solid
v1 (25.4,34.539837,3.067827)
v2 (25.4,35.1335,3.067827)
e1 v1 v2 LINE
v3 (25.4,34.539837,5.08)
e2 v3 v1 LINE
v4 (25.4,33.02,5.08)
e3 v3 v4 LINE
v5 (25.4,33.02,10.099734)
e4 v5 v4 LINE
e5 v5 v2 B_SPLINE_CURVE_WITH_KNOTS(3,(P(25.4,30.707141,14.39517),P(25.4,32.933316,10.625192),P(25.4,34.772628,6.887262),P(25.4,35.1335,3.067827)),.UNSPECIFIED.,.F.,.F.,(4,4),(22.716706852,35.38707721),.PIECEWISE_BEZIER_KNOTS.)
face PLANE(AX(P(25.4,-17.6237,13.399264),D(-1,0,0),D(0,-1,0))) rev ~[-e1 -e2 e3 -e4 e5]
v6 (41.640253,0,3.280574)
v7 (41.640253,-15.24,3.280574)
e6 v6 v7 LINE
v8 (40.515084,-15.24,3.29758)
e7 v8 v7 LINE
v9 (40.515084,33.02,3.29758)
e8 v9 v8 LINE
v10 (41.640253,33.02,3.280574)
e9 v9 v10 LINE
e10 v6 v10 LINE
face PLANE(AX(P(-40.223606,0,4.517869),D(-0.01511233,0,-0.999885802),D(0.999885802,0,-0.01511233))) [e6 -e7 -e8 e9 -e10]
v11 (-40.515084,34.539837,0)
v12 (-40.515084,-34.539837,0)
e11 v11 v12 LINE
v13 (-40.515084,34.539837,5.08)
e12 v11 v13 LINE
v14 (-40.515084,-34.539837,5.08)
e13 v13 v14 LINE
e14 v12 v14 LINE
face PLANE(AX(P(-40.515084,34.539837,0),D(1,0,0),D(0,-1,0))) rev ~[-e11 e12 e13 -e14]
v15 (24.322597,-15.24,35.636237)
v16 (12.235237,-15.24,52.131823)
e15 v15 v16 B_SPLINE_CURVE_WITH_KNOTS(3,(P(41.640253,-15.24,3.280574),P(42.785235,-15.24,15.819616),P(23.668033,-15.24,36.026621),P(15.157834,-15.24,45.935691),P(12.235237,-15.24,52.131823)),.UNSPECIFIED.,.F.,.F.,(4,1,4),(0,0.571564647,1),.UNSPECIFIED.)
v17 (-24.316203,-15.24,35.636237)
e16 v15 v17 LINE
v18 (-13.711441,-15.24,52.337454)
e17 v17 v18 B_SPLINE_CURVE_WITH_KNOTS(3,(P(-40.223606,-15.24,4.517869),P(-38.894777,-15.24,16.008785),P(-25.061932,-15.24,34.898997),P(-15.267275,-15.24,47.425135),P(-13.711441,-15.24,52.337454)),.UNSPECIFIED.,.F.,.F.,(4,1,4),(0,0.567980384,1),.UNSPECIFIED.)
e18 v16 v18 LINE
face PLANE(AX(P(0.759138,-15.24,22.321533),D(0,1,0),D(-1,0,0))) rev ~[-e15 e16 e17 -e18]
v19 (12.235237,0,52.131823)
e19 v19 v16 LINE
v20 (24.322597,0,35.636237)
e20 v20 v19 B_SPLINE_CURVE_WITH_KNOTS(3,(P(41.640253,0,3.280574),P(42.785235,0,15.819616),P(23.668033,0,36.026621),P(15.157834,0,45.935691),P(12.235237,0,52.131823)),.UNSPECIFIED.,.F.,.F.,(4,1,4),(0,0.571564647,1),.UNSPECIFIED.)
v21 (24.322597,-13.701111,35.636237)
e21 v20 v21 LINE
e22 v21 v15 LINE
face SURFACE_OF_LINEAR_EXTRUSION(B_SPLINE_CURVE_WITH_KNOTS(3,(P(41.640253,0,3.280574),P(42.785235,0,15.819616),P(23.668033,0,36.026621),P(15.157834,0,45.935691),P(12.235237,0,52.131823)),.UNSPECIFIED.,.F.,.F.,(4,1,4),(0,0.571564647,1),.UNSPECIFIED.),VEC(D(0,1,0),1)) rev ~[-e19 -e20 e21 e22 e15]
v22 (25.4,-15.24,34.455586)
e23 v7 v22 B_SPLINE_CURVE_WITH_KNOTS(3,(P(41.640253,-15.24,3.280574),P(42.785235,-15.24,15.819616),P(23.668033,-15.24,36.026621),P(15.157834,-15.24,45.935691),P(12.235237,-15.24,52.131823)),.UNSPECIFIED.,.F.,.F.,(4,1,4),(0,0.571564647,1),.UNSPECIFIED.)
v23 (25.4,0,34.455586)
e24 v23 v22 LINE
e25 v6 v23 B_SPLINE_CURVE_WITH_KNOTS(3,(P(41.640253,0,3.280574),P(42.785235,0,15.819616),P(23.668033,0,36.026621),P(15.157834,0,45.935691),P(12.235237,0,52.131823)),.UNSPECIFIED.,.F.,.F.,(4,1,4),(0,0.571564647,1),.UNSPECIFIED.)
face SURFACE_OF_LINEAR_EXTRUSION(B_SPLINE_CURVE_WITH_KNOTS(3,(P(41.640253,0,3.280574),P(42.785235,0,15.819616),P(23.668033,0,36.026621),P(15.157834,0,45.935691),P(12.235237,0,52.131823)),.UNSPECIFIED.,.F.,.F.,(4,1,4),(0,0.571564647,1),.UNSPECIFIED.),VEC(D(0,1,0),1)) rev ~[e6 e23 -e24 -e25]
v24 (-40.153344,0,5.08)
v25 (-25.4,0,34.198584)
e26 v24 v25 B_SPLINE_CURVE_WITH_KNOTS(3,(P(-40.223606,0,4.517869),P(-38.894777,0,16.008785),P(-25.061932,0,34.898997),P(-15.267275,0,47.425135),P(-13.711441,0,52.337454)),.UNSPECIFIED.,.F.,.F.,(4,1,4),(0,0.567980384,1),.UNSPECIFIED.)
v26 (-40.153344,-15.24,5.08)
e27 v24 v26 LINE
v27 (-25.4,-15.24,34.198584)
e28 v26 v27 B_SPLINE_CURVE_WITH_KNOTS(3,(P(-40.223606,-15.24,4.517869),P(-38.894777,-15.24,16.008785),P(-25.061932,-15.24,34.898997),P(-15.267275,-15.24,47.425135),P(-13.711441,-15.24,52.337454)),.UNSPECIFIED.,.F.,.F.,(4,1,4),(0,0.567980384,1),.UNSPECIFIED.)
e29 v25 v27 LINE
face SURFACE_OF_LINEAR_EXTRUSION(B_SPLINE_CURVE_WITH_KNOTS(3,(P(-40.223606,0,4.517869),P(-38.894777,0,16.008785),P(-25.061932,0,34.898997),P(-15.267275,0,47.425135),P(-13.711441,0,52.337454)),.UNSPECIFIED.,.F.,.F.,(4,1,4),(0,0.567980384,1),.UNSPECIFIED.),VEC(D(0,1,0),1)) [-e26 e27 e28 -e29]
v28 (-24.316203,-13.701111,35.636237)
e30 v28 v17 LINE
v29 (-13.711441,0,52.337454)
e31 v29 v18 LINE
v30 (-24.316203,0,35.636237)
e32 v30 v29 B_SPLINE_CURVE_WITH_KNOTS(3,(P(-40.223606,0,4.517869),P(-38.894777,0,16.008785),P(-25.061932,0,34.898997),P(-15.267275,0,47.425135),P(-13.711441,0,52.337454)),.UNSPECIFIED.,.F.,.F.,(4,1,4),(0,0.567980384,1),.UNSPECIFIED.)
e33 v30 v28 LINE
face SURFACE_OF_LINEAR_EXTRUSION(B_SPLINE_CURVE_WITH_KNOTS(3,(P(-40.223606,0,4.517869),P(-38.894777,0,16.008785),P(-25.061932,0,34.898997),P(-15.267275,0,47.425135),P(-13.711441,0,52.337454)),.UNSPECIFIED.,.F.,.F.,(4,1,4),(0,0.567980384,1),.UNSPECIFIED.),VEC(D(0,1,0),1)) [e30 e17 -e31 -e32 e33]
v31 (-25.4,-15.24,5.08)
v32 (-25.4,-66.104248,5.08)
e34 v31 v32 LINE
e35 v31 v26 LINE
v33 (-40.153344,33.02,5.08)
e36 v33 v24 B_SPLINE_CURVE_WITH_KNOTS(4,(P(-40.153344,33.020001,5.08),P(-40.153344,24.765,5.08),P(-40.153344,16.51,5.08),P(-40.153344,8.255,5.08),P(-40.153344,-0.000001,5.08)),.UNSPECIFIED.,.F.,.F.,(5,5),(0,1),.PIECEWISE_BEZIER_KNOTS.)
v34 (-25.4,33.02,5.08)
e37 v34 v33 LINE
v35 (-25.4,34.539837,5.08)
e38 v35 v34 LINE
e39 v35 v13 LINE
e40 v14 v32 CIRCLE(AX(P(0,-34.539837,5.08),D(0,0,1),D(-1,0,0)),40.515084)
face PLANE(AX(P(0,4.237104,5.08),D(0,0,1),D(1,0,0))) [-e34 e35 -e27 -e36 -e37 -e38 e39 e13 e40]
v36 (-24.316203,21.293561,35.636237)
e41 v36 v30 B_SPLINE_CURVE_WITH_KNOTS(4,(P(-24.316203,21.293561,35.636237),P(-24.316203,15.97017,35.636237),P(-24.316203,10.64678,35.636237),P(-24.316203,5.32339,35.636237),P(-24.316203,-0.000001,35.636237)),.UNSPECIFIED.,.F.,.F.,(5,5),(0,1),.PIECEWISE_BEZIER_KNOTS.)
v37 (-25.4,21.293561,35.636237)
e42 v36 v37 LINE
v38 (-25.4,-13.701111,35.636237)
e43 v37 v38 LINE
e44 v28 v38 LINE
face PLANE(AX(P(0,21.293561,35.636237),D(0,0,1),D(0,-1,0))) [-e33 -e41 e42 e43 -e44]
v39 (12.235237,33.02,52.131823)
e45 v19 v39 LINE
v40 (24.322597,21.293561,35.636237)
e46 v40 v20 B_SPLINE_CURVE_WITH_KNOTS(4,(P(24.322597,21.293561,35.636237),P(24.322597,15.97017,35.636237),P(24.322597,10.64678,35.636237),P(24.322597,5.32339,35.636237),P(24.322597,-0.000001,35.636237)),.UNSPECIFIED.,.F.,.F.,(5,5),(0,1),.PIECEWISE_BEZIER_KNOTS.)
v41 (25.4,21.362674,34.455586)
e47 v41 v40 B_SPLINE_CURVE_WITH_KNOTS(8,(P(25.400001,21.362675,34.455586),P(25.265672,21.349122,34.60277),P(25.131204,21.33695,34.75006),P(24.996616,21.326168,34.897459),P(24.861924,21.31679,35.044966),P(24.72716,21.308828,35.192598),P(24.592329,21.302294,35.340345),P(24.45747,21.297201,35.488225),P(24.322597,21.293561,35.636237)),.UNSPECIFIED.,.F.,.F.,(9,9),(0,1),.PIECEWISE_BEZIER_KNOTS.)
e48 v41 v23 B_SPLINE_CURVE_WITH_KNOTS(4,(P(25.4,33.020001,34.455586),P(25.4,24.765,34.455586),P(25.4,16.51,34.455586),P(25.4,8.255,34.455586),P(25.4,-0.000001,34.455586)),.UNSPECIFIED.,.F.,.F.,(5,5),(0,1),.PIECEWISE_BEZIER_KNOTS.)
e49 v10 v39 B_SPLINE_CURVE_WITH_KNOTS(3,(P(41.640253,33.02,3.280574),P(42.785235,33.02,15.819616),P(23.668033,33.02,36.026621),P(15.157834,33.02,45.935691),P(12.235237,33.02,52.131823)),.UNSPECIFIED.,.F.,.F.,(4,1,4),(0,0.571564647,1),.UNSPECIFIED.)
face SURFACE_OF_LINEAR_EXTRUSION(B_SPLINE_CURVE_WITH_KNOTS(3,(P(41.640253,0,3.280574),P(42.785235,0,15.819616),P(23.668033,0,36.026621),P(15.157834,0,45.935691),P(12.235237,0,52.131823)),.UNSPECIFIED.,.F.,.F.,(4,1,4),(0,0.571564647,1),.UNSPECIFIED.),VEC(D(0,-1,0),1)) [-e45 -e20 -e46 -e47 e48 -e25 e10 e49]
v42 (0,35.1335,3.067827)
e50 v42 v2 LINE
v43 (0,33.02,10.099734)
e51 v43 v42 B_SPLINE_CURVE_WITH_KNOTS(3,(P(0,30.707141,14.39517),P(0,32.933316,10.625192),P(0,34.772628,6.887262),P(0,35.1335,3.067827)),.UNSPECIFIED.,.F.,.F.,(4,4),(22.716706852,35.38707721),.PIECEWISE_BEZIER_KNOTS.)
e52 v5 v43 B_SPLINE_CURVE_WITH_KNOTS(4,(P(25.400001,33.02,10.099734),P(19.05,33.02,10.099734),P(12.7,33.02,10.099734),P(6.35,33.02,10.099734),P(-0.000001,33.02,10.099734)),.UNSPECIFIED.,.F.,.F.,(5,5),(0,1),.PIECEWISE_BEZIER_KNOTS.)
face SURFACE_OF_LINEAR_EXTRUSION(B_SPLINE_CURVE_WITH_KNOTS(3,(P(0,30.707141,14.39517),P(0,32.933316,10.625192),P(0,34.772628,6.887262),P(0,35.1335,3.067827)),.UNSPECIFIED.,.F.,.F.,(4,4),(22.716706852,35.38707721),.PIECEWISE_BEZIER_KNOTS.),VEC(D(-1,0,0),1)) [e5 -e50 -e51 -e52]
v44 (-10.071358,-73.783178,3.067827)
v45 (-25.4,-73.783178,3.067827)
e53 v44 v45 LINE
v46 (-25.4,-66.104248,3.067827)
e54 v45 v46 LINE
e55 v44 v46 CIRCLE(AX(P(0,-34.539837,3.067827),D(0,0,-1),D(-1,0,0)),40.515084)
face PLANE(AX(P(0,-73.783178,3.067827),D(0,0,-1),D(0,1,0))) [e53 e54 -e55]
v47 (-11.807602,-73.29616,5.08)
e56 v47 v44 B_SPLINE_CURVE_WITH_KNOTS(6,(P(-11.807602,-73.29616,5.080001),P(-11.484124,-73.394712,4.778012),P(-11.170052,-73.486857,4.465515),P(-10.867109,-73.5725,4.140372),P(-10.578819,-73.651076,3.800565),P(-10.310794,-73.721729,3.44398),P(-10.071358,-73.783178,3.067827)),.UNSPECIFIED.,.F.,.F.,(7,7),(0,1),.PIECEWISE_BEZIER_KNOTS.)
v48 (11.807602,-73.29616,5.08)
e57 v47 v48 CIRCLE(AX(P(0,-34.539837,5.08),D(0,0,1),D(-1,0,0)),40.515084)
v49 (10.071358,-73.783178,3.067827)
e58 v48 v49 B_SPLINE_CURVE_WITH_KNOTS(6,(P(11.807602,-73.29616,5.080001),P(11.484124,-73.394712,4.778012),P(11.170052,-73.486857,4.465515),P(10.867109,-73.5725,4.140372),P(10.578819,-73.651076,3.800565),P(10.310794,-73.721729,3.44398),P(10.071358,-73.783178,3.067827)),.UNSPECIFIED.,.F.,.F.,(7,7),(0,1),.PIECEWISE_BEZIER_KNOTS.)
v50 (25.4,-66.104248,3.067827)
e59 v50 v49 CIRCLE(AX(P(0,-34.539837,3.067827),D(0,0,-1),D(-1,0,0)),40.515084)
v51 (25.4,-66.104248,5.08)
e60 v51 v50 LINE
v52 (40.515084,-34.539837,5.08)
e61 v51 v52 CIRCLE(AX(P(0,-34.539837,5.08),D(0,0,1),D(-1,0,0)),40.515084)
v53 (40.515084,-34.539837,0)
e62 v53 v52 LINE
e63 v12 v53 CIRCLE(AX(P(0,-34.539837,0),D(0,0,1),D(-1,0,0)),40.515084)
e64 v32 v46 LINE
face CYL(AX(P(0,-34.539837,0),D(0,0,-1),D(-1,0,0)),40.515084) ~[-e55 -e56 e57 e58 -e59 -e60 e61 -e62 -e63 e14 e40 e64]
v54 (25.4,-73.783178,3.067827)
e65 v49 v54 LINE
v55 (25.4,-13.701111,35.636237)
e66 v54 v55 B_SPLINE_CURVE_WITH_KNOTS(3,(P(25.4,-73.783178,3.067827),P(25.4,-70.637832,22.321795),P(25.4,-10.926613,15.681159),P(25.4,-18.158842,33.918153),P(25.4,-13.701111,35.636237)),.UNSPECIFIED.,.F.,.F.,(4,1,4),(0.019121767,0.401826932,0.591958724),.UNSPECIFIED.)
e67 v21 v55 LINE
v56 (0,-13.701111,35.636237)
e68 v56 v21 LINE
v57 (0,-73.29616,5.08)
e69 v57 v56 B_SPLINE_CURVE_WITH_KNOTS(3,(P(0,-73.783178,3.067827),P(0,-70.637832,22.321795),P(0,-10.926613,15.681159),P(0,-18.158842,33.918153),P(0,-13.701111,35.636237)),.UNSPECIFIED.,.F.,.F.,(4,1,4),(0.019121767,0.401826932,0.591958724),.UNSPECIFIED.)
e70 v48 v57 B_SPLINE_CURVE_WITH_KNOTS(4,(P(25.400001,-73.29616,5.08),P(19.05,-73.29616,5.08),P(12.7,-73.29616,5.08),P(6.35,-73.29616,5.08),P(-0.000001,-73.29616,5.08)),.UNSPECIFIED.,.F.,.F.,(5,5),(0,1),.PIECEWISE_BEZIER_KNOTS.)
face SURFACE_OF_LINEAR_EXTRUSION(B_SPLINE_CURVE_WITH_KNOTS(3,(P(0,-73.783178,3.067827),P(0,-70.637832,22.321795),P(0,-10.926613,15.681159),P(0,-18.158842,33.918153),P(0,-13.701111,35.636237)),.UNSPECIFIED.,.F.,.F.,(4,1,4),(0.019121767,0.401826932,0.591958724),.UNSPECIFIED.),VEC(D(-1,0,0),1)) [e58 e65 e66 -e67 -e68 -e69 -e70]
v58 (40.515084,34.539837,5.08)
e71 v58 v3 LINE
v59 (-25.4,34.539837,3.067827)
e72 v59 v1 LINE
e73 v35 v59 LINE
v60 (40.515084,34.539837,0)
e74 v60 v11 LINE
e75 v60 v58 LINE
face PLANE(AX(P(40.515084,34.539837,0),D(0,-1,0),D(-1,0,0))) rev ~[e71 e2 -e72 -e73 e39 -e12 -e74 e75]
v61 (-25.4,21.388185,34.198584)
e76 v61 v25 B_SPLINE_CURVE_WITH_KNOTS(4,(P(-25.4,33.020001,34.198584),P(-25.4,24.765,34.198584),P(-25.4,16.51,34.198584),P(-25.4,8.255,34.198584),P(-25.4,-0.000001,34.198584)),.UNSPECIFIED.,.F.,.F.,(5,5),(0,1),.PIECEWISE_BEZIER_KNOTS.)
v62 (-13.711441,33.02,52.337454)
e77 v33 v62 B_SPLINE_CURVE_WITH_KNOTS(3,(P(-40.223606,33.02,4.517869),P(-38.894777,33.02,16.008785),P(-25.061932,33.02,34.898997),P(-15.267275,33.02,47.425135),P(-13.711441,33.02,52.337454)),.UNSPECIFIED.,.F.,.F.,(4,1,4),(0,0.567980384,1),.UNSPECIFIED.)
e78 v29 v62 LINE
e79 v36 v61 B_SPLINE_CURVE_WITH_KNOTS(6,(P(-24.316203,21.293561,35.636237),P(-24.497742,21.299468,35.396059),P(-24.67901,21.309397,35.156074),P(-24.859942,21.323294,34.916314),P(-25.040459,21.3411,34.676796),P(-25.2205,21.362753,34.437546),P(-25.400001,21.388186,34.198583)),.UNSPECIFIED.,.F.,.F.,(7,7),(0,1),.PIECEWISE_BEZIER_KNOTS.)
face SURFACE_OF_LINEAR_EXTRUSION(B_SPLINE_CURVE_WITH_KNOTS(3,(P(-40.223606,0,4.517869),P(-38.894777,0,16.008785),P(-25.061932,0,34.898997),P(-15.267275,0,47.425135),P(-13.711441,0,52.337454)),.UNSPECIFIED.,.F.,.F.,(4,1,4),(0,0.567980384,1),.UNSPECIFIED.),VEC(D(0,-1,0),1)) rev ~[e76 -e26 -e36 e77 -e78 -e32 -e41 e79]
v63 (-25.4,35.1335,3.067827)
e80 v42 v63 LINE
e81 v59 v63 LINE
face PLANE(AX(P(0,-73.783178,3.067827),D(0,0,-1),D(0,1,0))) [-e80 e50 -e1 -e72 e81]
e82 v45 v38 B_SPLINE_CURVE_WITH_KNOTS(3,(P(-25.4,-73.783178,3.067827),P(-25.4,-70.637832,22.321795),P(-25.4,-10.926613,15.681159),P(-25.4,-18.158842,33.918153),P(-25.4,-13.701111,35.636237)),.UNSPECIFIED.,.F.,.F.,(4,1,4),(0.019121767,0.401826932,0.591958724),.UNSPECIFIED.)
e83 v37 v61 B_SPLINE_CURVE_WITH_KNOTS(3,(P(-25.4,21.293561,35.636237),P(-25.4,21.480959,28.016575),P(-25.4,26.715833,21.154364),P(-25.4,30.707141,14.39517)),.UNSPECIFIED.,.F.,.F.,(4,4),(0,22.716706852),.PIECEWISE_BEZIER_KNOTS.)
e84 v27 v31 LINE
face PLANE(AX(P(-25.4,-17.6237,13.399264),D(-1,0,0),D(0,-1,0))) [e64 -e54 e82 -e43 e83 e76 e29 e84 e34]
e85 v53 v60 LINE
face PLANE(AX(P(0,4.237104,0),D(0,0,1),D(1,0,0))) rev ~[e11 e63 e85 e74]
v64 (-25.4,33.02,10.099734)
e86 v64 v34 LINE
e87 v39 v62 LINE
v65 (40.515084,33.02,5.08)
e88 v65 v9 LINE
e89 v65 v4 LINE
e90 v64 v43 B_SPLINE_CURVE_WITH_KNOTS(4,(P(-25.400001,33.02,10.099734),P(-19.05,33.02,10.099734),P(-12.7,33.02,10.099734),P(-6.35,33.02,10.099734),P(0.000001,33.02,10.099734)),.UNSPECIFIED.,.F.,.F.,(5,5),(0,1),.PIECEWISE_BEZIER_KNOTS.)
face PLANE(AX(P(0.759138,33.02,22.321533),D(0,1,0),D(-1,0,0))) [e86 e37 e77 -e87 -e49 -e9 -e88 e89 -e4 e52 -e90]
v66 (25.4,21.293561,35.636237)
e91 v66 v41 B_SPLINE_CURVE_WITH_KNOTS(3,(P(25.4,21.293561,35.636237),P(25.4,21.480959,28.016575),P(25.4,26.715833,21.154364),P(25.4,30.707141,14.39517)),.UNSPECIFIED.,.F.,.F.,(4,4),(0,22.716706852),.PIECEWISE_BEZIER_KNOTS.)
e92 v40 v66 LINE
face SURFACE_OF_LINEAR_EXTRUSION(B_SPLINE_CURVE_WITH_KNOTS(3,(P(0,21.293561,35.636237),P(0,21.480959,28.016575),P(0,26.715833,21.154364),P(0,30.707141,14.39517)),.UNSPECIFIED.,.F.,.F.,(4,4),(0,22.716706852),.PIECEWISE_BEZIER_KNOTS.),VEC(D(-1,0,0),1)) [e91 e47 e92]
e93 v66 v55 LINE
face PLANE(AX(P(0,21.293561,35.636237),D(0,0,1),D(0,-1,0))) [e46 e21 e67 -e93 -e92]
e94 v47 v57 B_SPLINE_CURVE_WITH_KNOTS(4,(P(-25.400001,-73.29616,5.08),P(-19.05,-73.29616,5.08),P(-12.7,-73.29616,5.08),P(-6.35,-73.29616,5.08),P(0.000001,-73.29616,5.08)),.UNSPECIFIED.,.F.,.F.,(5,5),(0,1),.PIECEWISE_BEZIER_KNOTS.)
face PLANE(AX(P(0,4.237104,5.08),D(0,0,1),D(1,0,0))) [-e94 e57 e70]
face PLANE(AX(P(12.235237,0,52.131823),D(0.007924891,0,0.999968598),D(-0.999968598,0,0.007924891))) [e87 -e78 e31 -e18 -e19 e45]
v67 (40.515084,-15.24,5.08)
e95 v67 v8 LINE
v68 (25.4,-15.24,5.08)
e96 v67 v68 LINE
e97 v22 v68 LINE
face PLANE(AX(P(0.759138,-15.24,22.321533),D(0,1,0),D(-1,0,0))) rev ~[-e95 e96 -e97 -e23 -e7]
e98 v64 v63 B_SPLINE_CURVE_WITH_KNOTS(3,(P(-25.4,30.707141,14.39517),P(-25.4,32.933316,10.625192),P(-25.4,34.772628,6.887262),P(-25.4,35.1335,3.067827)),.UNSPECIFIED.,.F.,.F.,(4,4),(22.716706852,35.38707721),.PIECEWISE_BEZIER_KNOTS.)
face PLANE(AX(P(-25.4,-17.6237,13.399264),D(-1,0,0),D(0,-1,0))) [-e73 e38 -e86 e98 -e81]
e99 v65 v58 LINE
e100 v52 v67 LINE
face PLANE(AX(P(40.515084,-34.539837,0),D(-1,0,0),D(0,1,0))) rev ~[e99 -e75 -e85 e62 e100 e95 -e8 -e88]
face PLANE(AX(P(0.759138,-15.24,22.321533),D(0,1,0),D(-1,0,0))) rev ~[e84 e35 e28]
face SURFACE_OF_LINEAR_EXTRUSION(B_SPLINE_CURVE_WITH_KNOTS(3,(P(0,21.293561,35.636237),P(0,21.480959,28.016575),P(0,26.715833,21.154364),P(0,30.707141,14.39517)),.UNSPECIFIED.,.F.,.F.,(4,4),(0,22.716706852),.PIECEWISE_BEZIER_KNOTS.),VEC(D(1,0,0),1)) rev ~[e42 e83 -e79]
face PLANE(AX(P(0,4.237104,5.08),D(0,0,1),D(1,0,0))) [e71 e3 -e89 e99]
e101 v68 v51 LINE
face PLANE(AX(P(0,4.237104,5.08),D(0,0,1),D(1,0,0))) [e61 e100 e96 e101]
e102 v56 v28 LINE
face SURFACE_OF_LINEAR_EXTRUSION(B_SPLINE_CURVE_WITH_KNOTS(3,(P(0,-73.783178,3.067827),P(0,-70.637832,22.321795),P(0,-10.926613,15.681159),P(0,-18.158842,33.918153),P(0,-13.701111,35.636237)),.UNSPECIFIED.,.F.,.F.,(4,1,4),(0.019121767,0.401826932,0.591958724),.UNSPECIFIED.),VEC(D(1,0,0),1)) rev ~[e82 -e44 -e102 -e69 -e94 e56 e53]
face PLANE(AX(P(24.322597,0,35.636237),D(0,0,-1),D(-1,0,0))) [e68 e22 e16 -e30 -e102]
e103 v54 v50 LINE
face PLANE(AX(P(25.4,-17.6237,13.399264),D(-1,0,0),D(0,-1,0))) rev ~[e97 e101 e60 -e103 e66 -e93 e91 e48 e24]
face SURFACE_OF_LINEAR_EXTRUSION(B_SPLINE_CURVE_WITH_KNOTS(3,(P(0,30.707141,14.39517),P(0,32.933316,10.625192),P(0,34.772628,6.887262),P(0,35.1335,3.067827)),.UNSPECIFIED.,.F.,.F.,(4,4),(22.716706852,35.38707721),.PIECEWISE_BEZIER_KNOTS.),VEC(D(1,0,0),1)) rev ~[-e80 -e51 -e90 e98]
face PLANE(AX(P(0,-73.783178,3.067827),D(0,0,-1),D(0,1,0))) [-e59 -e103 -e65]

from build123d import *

# Parameters (mm, degrees)
F1_DEPTH = 5.08
F3_DEPTH = 25.4
F5_DEPTH = 33.02
F6_DEPTH = 15.24


with BuildPart() as f1:
    # F0 (on Top) → F1 (new body)
    with BuildSketch(Plane.XY):
        with BuildLine():
            Line((40.5150838196, 34.5398373902), (-40.5150838196, 34.5398373902))
            Line((-40.5150838196, 34.5398373902), (-40.5150838196, -34.5398373902))
            ThreePointArc((-40.5150838196, -34.5398373902), (0, 5.9752464294), (40.5150838196, -34.5398373902))
            Line((40.5150838196, -34.5398373902), (40.5150838196, 34.5398373902))
        make_face()
        with BuildLine():
            Line((40.5150838196, -34.5398373902), (-40.5150838196, -34.5398373902))
            ThreePointArc((-40.5150838196, -34.5398373902), (0, -75.0549212098), (40.5150838196, -34.5398373902))
        make_face()
        with BuildLine():
            ThreePointArc((40.5150838196, -34.5398373902), (0, 5.9752464294), (-40.5150838196, -34.5398373902))
            Line((-40.5150838196, -34.5398373902), (40.5150838196, -34.5398373902))
        make_face()
    extrude(amount=F1_DEPTH)

    # F2 (on Right) → F3 (join, symmetric)
    with BuildSketch(Plane.YZ):
        with BuildLine():
            add(Edge.make_bspline(
                [(-73.7831778799, 3.0678272283), (-70.6378319232, 22.3217949024), (-10.9266128412, 15.6811594859), (-18.1588420727, 33.9181525964), (-13.7011114068, 35.6362367988)],
                knots=[0.0191217668, 0.0191217668, 0.0191217668, 0.0191217668, 0.4018269316, 0.5919587241, 0.5919587241, 0.5919587241, 0.5919587241], degree=3))
            Line((-73.7831778799, 3.0678272283), (35.1335004454, 3.0678272283))
            add(Edge.make_bspline(
                [(30.7071413344, 14.3951700711), (32.9333158099, 10.6251919955), (34.7726278071, 6.8872618686), (35.1335004454, 3.0678272283)],
                knots=[22.7167068517, 22.7167068517, 22.7167068517, 22.7167068517, 35.3870772104, 35.3870772104, 35.3870772104, 35.3870772104], degree=3))
            add(Edge.make_bspline(
                [(-5.1760206943, 35.6362367988), (5.8640768802, 33.5861974627), (22.7244588555, 25.6392571161), (30.7071413344, 14.3951700711)],
                knots=[0.6706583551, 0.6706583551, 0.6706583551, 0.6706583551, 0.9080645562, 0.9080645562, 0.9080645562, 0.9080645562], degree=3))
            Line((-5.1760206943, 35.6362367988), (-13.7011114068, 35.6362367988))
        make_face()
        with BuildLine():
            Line((21.2935607223, 35.6362367988), (-5.1760206943, 35.6362367988))
            add(Edge.make_bspline(
                [(-5.1760206943, 35.6362367988), (5.8640768802, 33.5861974627), (22.7244588555, 25.6392571161), (30.7071413344, 14.3951700711)],
                knots=[0.6706583551, 0.6706583551, 0.6706583551, 0.6706583551, 0.9080645562, 0.9080645562, 0.9080645562, 0.9080645562], degree=3))
            add(Edge.make_bspline(
                [(21.2935607223, 35.6362367988), (21.4809592492, 28.0165751791), (26.7158331461, 21.154363714), (30.7071413344, 14.3951700711)],
                knots=[0, 0, 0, 0, 22.7167068517, 22.7167068517, 22.7167068517, 22.7167068517], degree=3))
        make_face()
    extrude(amount=F3_DEPTH, both=True)

    # F4 (on Front) → F5 (join)
    with BuildSketch(Plane.XZ):
        with BuildLine():
            add(Edge.make_bspline(
                [(-40.2236059308, 4.5178690925), (-38.8947765504, 16.0087846112), (-25.0619320783, 34.8989974455), (-15.2672747918, 47.4251347969), (-13.7114411046, 52.3374542614)],
                knots=[0, 0, 0, 0, 0.5679803837, 1, 1, 1, 1], degree=3))
            Line((-40.2236059308, 4.5178690925), (41.6402526972, 3.2805741205))
            add(Edge.make_bspline(
                [(41.6402526972, 3.2805741205), (42.7852350273, 15.8196156508), (23.6680326777, 36.0266209863), (15.1578339465, 45.9356905739), (12.2352372609, 52.131823212)],
                knots=[0, 0, 0, 0, 0.5715646471, 1, 1, 1, 1], degree=3))
            Line((12.2352372609, 52.131823212), (-13.7114411046, 52.3374542614))
        make_face()
    extrude(amount=-F5_DEPTH)

    # F6 (add): faces of the model
    f6_faces = [f1.faces().sort_by_distance(p)[0] for p in [
        (-30.9475525695, 0, 15.5197286926),
        (-0.4224029854, 0, 43.046373164),
        (31.8842501294, 0, 15.7413854747),
    ]]
    extrude(f6_faces, amount=F6_DEPTH)


solid = f1.part
